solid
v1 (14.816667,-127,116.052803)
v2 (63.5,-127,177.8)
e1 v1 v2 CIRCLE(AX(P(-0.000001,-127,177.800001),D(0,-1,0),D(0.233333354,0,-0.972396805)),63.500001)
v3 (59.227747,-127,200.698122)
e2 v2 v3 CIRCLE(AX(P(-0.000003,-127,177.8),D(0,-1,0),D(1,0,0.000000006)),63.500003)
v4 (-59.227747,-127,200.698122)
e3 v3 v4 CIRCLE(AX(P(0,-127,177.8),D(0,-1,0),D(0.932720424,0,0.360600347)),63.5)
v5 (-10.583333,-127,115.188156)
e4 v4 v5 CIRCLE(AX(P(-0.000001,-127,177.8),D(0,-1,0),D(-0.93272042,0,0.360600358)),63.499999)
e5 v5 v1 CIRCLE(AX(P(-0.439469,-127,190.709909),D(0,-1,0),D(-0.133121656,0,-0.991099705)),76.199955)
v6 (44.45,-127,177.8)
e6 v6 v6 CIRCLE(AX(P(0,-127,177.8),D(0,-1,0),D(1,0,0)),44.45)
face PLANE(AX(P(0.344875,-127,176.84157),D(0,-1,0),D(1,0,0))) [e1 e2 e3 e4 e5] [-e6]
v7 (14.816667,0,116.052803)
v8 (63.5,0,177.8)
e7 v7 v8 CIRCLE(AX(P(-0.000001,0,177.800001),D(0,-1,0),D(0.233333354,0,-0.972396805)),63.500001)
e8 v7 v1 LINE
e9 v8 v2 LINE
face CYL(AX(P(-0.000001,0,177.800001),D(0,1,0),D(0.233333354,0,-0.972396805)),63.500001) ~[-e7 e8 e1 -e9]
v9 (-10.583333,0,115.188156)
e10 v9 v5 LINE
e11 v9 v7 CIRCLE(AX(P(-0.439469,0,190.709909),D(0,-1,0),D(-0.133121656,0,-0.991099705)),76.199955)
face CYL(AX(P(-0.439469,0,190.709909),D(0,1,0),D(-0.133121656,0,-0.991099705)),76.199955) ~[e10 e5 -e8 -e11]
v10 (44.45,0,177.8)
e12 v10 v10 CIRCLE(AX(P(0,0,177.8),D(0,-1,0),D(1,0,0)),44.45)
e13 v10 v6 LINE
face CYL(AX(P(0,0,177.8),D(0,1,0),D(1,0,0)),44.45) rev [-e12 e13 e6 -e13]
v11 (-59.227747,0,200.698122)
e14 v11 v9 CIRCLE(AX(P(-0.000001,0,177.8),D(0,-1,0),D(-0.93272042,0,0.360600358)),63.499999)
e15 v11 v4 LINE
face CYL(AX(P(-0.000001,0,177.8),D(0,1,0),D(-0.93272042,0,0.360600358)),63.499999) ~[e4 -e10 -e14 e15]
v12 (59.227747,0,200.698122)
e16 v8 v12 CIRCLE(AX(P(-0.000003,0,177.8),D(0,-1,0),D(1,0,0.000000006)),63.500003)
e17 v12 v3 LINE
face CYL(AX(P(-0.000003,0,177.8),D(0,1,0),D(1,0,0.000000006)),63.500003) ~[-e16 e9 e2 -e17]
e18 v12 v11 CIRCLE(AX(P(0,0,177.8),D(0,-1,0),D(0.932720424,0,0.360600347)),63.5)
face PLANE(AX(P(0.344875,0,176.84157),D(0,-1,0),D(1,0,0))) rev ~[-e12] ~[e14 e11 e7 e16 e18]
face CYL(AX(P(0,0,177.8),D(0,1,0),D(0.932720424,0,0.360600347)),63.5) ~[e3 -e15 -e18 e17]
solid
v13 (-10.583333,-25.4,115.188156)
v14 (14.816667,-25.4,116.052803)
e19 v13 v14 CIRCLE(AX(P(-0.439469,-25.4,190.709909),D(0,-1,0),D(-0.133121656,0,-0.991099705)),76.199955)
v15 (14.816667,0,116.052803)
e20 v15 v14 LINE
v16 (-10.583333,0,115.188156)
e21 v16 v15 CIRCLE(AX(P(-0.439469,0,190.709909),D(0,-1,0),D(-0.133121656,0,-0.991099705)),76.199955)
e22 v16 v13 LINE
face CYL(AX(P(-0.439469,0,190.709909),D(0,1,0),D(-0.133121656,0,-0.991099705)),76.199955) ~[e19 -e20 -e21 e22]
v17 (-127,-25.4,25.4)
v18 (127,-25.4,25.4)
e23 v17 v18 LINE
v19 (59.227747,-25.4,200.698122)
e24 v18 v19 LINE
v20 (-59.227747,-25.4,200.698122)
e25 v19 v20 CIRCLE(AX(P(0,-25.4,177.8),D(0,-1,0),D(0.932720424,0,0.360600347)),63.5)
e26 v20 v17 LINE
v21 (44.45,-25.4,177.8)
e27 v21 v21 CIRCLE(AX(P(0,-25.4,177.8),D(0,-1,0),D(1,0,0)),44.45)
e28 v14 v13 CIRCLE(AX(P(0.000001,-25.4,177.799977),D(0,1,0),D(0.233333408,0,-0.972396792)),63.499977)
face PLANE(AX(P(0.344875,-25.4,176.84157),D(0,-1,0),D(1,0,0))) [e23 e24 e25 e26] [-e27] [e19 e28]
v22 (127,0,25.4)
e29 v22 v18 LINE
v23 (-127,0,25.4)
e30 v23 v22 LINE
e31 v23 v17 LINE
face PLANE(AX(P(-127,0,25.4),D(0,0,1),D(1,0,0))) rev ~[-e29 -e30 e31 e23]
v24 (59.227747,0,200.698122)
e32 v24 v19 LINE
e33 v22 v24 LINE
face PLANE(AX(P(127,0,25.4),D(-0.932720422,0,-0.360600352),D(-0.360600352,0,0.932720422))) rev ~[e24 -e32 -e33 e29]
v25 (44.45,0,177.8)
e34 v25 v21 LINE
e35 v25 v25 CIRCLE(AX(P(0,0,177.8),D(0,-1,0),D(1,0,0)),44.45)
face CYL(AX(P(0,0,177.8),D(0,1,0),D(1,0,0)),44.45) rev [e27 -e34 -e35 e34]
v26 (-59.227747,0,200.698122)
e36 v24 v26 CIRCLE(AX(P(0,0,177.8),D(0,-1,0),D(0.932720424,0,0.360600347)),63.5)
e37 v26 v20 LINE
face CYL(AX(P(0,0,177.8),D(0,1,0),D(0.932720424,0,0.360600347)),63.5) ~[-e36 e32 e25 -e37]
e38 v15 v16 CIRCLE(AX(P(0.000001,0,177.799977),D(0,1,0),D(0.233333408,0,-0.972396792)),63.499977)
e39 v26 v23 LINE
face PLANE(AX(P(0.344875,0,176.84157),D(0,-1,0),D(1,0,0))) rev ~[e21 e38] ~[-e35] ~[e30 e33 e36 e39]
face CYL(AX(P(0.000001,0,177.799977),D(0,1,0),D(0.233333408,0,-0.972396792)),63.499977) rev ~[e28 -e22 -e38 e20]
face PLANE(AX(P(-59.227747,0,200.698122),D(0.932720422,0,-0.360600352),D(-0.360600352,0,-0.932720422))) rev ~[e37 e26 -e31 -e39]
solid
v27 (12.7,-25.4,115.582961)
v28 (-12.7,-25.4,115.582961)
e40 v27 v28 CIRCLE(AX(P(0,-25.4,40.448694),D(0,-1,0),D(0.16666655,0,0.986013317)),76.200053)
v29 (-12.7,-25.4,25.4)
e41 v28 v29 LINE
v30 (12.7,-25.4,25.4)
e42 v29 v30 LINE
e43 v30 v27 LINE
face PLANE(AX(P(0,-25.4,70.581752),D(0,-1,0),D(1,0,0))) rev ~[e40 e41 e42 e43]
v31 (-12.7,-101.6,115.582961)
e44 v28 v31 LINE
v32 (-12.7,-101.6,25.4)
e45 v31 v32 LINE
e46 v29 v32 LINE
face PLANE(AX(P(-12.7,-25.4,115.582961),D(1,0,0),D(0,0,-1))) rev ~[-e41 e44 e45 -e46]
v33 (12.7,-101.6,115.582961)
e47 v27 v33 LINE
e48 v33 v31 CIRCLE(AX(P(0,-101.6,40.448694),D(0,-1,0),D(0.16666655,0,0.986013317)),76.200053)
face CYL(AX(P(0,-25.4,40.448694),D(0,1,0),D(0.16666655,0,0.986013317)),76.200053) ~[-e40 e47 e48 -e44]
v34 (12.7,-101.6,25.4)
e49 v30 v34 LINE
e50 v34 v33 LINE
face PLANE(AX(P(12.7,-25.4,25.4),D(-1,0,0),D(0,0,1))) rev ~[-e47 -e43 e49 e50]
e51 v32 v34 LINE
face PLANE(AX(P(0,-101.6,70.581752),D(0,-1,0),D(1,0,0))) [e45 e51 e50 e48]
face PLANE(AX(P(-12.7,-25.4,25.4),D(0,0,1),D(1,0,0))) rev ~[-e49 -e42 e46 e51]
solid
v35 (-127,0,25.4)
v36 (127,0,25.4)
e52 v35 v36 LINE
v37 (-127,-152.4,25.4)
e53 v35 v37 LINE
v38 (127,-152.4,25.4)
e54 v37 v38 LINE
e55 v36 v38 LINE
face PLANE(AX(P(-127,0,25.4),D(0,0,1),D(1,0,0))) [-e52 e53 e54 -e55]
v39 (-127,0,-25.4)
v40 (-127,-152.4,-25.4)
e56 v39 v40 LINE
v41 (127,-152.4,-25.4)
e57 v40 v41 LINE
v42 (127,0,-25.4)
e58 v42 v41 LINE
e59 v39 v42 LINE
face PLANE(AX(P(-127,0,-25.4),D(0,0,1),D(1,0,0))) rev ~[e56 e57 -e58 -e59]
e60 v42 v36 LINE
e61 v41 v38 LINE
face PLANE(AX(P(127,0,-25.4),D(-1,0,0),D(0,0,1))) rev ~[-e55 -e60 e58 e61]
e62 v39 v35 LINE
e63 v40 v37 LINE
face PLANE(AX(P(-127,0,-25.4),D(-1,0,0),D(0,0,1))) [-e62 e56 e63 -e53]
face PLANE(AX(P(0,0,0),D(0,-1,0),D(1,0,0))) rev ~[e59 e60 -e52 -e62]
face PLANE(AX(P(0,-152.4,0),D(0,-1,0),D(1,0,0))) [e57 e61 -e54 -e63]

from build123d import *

# Parameters (mm, degrees)
F0_W     = 254
F0_H     = 50.8
F1_DEPTH = 152.4
F2_R     = 44.45
F3_DEPTH = 127
F4_DEPTH = 25.4
F6_DEPTH = 76.2


with BuildPart() as f1:
    # F0 (on Front) → F1 (new body)
    with BuildSketch(Plane.XZ):
        Rectangle(F0_W, F0_H)
    extrude(amount=F1_DEPTH)


with BuildPart() as f3:
    # F2 (on Front) → F3 (new body)
    with BuildSketch(Plane.XZ):
        with BuildLine():
            ThreePointArc((14.816667, 116.052803), (49.86536, 138.484662), (63.5, 177.8))
            ThreePointArc((63.5, 177.8), (62.4228, 189.446632), (59.227747, 200.698122))
            ThreePointArc((59.227747, 200.698122), (0, 241.3), (-59.227747, 200.698122))
            ThreePointArc((-59.227747, 200.698122), (-55.19407, 146.401518), (-10.583333, 115.188156))
            ThreePointArc((-10.583333, 115.188156), (2.152969, 114.554066), (14.816667, 116.052803))
        make_face()
        with Locations((0, 177.8)):
            Circle(F2_R, mode=Mode.SUBTRACT)
    extrude(amount=F3_DEPTH)


with BuildPart() as f4:
    # F2 (on Front) → F4 (new body)
    with BuildSketch(Plane.XZ):
        with BuildLine():
            ThreePointArc((14.816667, 116.052803), (49.86536, 138.484662), (63.5, 177.8))
            ThreePointArc((63.5, 177.8), (62.4228, 189.446632), (59.227747, 200.698122))
            ThreePointArc((59.227747, 200.698122), (0, 241.3), (-59.227747, 200.698122))
            ThreePointArc((-59.227747, 200.698122), (-55.19407, 146.401518), (-10.583333, 115.188156))
            ThreePointArc((-10.583333, 115.188156), (2.152969, 114.554066), (14.816667, 116.052803))
        make_face()
        with Locations((0, 177.8)):
            Circle(F2_R, mode=Mode.SUBTRACT)
        with BuildLine():
            ThreePointArc((59.227747, 200.698122), (62.4228, 189.446632), (63.5, 177.8))
            ThreePointArc((63.5, 177.8), (49.86536, 138.484662), (14.816667, 116.052803))
            Line((14.816667, 116.052803), (14.816667, 25.4))
            Line((14.816667, 25.4), (127, 25.4))
            Line((127, 25.4), (59.227747, 200.698122))
        make_face()
        with BuildLine():
            Line((14.816667, 25.4), (14.816667, 116.052803))
            ThreePointArc((14.816667, 116.052803), (2.160366, 114.33676), (-10.583333, 115.188156))
            Line((-10.583333, 115.188156), (-10.583333, 25.4))
            Line((-10.583333, 25.4), (14.816667, 25.4))
        make_face()
        with BuildLine():
            ThreePointArc((-10.583333, 115.188156), (-55.19407, 146.401518), (-59.227747, 200.698122))
            Line((-59.227747, 200.698122), (-127, 25.4))
            Line((-127, 25.4), (-10.583333, 25.4))
            Line((-10.583333, 25.4), (-10.583333, 115.188156))
        make_face()
    extrude(amount=F4_DEPTH)


with BuildPart() as f6:
    # F5 (on face) → F6 (new body)
    with BuildSketch(Plane.XZ.offset(25.4)):
        with BuildLine():
            Line((-12.7, 25.4), (12.7, 25.4))
            Line((12.7, 25.4), (12.7, 115.582961))
            ThreePointArc((12.7, 115.582961), (0, 116.648747), (-12.7, 115.582961))
            Line((-12.7, 115.582961), (-12.7, 25.4))
        make_face()
    extrude(amount=F6_DEPTH)


solid = Compound([f1.part, f3.part, f4.part, f6.part])
